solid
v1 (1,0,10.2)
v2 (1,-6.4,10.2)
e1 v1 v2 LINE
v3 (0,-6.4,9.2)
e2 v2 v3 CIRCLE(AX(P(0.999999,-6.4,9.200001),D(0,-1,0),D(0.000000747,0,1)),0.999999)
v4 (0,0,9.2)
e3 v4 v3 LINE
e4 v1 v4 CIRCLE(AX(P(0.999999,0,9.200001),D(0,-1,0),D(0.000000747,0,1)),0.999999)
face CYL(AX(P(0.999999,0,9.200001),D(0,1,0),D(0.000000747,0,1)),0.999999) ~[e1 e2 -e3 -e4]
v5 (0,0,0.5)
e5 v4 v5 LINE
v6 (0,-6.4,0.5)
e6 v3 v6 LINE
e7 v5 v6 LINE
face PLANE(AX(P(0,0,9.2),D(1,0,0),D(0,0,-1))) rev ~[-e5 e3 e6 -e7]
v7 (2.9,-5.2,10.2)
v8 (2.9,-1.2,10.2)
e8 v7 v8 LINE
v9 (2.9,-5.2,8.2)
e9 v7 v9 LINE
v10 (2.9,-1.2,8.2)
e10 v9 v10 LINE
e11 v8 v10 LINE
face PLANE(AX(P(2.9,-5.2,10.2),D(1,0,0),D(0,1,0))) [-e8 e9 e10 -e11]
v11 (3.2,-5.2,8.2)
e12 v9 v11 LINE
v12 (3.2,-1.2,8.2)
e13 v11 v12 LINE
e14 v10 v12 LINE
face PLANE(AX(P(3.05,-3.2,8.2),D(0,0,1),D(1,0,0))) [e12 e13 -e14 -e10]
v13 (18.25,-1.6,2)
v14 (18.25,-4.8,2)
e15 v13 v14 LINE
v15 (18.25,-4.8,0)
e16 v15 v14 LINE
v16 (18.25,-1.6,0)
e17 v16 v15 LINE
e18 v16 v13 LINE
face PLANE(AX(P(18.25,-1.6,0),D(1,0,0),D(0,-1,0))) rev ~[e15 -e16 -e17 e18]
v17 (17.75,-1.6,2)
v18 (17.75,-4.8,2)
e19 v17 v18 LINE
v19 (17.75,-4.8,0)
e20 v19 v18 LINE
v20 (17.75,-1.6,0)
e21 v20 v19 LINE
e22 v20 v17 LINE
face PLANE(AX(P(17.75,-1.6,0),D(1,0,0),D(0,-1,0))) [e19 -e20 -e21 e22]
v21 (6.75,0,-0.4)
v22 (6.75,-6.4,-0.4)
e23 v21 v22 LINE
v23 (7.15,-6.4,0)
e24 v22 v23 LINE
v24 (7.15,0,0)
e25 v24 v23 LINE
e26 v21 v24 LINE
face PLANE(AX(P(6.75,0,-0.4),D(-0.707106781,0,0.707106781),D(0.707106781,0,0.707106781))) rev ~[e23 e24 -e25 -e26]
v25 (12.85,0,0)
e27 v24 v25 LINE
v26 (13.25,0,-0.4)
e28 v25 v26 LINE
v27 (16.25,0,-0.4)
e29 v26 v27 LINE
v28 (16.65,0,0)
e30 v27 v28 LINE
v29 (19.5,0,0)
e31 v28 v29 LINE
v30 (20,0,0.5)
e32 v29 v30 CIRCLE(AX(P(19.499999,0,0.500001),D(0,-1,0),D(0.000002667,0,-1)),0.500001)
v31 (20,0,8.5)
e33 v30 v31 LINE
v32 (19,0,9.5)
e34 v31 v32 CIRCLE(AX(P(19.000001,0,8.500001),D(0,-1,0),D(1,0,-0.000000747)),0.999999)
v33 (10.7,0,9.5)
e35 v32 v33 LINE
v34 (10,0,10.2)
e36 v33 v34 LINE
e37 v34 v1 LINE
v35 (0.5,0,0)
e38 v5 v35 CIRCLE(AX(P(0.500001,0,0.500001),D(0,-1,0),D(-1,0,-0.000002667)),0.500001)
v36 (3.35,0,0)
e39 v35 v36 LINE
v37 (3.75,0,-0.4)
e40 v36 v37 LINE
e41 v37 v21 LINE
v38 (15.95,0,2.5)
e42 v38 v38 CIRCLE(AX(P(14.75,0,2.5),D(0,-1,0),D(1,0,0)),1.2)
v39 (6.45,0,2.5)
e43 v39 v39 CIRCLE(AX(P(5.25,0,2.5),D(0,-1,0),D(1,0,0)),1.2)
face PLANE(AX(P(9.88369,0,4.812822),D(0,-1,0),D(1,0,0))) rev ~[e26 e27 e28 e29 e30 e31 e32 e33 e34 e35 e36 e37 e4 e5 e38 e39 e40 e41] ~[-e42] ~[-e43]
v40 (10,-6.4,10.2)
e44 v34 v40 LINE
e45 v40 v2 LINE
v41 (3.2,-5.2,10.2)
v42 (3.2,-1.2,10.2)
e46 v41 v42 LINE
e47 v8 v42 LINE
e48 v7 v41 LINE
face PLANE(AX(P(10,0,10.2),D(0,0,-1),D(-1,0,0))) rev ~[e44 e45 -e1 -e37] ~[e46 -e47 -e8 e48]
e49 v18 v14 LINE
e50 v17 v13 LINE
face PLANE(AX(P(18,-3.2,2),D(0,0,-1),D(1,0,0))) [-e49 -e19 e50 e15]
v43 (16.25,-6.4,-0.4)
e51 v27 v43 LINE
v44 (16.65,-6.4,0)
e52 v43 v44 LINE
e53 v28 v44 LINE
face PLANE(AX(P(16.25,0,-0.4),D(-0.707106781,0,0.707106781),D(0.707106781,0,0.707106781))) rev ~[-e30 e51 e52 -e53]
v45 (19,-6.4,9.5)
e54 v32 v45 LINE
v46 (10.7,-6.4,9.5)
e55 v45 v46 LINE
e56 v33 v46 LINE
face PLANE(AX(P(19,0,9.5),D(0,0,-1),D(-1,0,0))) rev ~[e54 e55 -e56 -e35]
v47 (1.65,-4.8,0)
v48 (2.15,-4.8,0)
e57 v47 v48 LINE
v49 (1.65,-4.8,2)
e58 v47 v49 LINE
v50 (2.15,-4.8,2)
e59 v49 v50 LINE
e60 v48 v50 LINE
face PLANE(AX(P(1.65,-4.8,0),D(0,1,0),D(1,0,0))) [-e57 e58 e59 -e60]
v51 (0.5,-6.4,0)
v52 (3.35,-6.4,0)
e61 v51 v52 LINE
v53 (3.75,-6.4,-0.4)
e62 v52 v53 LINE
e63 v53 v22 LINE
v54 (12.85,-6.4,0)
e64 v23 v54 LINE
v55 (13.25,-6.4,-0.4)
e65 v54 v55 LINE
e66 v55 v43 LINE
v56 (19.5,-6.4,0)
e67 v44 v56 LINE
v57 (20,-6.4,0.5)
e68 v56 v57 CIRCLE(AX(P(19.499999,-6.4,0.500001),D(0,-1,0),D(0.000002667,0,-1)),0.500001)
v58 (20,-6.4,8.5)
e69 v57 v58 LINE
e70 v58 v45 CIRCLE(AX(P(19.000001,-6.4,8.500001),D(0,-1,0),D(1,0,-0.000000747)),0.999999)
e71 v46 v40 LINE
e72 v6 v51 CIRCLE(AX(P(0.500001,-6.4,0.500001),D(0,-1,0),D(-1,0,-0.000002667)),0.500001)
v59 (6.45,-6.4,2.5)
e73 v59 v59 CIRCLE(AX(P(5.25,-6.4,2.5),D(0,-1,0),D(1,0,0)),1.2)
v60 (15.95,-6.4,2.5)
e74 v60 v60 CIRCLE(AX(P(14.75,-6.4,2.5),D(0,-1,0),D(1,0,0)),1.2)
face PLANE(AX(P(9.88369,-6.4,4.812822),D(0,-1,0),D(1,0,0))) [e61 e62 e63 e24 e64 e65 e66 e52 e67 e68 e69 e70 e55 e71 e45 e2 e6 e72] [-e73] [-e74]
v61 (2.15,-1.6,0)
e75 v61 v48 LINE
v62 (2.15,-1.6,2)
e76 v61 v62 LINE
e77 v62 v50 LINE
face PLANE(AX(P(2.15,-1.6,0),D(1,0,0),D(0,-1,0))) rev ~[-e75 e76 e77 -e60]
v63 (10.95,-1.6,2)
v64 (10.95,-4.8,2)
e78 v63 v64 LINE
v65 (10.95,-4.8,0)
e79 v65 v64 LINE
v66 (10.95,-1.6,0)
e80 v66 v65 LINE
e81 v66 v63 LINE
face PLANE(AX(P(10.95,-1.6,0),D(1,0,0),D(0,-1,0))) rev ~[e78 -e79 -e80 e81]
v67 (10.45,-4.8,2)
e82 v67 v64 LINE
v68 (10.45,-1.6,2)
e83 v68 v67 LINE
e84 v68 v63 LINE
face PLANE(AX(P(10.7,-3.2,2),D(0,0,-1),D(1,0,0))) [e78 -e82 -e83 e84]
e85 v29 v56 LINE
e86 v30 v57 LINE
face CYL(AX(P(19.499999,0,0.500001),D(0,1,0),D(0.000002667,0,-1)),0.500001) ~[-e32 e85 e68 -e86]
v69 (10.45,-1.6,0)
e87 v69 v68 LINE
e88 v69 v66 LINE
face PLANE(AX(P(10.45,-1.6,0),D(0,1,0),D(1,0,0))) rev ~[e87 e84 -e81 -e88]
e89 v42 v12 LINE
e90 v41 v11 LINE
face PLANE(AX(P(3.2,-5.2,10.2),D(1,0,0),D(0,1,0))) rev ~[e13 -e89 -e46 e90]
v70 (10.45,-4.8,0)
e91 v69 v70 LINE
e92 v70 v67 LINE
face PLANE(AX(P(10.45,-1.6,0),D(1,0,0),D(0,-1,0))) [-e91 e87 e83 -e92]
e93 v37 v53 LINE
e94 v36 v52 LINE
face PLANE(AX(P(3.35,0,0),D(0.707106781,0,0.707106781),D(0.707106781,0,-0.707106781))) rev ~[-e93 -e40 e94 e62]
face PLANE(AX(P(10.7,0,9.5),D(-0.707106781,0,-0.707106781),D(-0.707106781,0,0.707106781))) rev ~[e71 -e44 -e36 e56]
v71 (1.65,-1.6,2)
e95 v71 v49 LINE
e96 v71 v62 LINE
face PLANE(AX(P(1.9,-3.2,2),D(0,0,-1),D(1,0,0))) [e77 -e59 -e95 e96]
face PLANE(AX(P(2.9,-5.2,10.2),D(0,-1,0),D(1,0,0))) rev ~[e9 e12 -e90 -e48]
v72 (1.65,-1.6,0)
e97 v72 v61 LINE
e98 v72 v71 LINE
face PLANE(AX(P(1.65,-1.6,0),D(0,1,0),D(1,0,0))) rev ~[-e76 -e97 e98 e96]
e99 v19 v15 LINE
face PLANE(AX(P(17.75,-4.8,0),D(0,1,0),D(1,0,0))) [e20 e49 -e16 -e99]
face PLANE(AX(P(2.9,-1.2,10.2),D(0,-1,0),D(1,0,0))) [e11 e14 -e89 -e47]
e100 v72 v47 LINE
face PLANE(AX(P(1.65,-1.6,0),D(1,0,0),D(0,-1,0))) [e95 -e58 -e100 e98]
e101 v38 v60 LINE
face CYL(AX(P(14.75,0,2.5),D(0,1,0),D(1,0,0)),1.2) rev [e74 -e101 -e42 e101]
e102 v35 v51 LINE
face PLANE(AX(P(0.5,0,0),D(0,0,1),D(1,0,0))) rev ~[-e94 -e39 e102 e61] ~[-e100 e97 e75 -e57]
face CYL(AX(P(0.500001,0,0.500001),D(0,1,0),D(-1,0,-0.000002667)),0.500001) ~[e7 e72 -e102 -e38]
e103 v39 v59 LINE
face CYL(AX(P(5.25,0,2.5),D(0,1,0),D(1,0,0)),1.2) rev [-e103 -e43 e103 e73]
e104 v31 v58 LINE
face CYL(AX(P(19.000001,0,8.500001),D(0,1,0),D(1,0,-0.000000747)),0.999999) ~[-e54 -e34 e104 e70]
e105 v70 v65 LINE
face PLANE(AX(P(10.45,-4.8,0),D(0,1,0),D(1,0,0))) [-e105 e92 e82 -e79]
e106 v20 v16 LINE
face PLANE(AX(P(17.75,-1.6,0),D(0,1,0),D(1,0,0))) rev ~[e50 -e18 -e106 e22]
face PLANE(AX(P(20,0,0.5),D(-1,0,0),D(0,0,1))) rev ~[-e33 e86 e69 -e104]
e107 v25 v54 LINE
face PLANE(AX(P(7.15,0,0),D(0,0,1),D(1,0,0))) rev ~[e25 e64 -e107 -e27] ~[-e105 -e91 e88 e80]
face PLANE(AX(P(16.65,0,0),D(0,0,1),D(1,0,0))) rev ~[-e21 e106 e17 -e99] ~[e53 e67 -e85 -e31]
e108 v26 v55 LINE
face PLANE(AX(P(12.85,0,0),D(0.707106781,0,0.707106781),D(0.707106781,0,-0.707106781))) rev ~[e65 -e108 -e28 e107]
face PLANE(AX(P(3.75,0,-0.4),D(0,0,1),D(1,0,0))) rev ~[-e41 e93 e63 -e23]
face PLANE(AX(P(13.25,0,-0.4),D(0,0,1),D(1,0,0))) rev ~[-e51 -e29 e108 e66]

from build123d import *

# Parameters (mm, degrees)
F0_R     = 1.2
F1_DEPTH = 6.4
F2_W     = 0.5
F2_H     = 3.2
F3_DEPTH = 2
F4_W     = 0.3
F4_H     = 4
F5_DEPTH = 2


with BuildPart() as f1:
    # F0 (on Front) → F1 (new body)
    with BuildSketch(Plane.XZ):
        with BuildLine():
            ThreePointArc((0, 0.5), (0.146447, 0.146447), (0.5, 0))
            Line((0.5, 0), (3.35, 0))
            Line((3.35, 0), (3.75, -0.4))
            Line((3.75, -0.4), (6.75, -0.4))
            Line((6.75, -0.4), (7.15, 0))
            Line((7.15, 0), (12.85, 0))
            Line((12.85, 0), (13.25, -0.4))
            Line((13.25, -0.4), (16.25, -0.4))
            Line((16.25, -0.4), (16.65, 0))
            Line((16.65, 0), (19.5, 0))
            ThreePointArc((19.5, 0), (19.853553, 0.146447), (20, 0.5))
            Line((20, 0.5), (20, 8.5))
            ThreePointArc((20, 8.5), (19.707107, 9.207107), (19, 9.5))
            Line((19, 9.5), (10.7, 9.5))
            Line((10.7, 9.5), (10, 10.2))
            Line((10, 10.2), (1, 10.2))
            ThreePointArc((1, 10.2), (0.292893, 9.907107), (0, 9.2))
            Line((0, 9.2), (0, 0.5))
        make_face()
        with Locations((5.25, 2.5)):
            Circle(F0_R, mode=Mode.SUBTRACT)
        with Locations((14.75, 2.5)):
            Circle(F0_R, mode=Mode.SUBTRACT)
    extrude(amount=F1_DEPTH)

    # F2 (on face) → F3 (cut)
    with BuildSketch(Plane(origin=(0, 0, 0), x_dir=(1, 0, 0), z_dir=(0, 0, -1))):
        with Locations((1.9, 3.2)):
            Rectangle(F2_W, F2_H)
        with Locations((10.7, 3.2)):
            Rectangle(F2_W, F2_H)
        with Locations((18, 3.2)):
            Rectangle(F2_W, F2_H)
    extrude(amount=-F3_DEPTH, mode=Mode.SUBTRACT)

    # F4 (on face) → F5 (cut)
    with BuildSketch(Plane.XY.offset(10.2)):
        with Locations((3.05, -3.2)):
            Rectangle(F4_W, F4_H)
    extrude(amount=-F5_DEPTH, mode=Mode.SUBTRACT)


solid = f1.part
